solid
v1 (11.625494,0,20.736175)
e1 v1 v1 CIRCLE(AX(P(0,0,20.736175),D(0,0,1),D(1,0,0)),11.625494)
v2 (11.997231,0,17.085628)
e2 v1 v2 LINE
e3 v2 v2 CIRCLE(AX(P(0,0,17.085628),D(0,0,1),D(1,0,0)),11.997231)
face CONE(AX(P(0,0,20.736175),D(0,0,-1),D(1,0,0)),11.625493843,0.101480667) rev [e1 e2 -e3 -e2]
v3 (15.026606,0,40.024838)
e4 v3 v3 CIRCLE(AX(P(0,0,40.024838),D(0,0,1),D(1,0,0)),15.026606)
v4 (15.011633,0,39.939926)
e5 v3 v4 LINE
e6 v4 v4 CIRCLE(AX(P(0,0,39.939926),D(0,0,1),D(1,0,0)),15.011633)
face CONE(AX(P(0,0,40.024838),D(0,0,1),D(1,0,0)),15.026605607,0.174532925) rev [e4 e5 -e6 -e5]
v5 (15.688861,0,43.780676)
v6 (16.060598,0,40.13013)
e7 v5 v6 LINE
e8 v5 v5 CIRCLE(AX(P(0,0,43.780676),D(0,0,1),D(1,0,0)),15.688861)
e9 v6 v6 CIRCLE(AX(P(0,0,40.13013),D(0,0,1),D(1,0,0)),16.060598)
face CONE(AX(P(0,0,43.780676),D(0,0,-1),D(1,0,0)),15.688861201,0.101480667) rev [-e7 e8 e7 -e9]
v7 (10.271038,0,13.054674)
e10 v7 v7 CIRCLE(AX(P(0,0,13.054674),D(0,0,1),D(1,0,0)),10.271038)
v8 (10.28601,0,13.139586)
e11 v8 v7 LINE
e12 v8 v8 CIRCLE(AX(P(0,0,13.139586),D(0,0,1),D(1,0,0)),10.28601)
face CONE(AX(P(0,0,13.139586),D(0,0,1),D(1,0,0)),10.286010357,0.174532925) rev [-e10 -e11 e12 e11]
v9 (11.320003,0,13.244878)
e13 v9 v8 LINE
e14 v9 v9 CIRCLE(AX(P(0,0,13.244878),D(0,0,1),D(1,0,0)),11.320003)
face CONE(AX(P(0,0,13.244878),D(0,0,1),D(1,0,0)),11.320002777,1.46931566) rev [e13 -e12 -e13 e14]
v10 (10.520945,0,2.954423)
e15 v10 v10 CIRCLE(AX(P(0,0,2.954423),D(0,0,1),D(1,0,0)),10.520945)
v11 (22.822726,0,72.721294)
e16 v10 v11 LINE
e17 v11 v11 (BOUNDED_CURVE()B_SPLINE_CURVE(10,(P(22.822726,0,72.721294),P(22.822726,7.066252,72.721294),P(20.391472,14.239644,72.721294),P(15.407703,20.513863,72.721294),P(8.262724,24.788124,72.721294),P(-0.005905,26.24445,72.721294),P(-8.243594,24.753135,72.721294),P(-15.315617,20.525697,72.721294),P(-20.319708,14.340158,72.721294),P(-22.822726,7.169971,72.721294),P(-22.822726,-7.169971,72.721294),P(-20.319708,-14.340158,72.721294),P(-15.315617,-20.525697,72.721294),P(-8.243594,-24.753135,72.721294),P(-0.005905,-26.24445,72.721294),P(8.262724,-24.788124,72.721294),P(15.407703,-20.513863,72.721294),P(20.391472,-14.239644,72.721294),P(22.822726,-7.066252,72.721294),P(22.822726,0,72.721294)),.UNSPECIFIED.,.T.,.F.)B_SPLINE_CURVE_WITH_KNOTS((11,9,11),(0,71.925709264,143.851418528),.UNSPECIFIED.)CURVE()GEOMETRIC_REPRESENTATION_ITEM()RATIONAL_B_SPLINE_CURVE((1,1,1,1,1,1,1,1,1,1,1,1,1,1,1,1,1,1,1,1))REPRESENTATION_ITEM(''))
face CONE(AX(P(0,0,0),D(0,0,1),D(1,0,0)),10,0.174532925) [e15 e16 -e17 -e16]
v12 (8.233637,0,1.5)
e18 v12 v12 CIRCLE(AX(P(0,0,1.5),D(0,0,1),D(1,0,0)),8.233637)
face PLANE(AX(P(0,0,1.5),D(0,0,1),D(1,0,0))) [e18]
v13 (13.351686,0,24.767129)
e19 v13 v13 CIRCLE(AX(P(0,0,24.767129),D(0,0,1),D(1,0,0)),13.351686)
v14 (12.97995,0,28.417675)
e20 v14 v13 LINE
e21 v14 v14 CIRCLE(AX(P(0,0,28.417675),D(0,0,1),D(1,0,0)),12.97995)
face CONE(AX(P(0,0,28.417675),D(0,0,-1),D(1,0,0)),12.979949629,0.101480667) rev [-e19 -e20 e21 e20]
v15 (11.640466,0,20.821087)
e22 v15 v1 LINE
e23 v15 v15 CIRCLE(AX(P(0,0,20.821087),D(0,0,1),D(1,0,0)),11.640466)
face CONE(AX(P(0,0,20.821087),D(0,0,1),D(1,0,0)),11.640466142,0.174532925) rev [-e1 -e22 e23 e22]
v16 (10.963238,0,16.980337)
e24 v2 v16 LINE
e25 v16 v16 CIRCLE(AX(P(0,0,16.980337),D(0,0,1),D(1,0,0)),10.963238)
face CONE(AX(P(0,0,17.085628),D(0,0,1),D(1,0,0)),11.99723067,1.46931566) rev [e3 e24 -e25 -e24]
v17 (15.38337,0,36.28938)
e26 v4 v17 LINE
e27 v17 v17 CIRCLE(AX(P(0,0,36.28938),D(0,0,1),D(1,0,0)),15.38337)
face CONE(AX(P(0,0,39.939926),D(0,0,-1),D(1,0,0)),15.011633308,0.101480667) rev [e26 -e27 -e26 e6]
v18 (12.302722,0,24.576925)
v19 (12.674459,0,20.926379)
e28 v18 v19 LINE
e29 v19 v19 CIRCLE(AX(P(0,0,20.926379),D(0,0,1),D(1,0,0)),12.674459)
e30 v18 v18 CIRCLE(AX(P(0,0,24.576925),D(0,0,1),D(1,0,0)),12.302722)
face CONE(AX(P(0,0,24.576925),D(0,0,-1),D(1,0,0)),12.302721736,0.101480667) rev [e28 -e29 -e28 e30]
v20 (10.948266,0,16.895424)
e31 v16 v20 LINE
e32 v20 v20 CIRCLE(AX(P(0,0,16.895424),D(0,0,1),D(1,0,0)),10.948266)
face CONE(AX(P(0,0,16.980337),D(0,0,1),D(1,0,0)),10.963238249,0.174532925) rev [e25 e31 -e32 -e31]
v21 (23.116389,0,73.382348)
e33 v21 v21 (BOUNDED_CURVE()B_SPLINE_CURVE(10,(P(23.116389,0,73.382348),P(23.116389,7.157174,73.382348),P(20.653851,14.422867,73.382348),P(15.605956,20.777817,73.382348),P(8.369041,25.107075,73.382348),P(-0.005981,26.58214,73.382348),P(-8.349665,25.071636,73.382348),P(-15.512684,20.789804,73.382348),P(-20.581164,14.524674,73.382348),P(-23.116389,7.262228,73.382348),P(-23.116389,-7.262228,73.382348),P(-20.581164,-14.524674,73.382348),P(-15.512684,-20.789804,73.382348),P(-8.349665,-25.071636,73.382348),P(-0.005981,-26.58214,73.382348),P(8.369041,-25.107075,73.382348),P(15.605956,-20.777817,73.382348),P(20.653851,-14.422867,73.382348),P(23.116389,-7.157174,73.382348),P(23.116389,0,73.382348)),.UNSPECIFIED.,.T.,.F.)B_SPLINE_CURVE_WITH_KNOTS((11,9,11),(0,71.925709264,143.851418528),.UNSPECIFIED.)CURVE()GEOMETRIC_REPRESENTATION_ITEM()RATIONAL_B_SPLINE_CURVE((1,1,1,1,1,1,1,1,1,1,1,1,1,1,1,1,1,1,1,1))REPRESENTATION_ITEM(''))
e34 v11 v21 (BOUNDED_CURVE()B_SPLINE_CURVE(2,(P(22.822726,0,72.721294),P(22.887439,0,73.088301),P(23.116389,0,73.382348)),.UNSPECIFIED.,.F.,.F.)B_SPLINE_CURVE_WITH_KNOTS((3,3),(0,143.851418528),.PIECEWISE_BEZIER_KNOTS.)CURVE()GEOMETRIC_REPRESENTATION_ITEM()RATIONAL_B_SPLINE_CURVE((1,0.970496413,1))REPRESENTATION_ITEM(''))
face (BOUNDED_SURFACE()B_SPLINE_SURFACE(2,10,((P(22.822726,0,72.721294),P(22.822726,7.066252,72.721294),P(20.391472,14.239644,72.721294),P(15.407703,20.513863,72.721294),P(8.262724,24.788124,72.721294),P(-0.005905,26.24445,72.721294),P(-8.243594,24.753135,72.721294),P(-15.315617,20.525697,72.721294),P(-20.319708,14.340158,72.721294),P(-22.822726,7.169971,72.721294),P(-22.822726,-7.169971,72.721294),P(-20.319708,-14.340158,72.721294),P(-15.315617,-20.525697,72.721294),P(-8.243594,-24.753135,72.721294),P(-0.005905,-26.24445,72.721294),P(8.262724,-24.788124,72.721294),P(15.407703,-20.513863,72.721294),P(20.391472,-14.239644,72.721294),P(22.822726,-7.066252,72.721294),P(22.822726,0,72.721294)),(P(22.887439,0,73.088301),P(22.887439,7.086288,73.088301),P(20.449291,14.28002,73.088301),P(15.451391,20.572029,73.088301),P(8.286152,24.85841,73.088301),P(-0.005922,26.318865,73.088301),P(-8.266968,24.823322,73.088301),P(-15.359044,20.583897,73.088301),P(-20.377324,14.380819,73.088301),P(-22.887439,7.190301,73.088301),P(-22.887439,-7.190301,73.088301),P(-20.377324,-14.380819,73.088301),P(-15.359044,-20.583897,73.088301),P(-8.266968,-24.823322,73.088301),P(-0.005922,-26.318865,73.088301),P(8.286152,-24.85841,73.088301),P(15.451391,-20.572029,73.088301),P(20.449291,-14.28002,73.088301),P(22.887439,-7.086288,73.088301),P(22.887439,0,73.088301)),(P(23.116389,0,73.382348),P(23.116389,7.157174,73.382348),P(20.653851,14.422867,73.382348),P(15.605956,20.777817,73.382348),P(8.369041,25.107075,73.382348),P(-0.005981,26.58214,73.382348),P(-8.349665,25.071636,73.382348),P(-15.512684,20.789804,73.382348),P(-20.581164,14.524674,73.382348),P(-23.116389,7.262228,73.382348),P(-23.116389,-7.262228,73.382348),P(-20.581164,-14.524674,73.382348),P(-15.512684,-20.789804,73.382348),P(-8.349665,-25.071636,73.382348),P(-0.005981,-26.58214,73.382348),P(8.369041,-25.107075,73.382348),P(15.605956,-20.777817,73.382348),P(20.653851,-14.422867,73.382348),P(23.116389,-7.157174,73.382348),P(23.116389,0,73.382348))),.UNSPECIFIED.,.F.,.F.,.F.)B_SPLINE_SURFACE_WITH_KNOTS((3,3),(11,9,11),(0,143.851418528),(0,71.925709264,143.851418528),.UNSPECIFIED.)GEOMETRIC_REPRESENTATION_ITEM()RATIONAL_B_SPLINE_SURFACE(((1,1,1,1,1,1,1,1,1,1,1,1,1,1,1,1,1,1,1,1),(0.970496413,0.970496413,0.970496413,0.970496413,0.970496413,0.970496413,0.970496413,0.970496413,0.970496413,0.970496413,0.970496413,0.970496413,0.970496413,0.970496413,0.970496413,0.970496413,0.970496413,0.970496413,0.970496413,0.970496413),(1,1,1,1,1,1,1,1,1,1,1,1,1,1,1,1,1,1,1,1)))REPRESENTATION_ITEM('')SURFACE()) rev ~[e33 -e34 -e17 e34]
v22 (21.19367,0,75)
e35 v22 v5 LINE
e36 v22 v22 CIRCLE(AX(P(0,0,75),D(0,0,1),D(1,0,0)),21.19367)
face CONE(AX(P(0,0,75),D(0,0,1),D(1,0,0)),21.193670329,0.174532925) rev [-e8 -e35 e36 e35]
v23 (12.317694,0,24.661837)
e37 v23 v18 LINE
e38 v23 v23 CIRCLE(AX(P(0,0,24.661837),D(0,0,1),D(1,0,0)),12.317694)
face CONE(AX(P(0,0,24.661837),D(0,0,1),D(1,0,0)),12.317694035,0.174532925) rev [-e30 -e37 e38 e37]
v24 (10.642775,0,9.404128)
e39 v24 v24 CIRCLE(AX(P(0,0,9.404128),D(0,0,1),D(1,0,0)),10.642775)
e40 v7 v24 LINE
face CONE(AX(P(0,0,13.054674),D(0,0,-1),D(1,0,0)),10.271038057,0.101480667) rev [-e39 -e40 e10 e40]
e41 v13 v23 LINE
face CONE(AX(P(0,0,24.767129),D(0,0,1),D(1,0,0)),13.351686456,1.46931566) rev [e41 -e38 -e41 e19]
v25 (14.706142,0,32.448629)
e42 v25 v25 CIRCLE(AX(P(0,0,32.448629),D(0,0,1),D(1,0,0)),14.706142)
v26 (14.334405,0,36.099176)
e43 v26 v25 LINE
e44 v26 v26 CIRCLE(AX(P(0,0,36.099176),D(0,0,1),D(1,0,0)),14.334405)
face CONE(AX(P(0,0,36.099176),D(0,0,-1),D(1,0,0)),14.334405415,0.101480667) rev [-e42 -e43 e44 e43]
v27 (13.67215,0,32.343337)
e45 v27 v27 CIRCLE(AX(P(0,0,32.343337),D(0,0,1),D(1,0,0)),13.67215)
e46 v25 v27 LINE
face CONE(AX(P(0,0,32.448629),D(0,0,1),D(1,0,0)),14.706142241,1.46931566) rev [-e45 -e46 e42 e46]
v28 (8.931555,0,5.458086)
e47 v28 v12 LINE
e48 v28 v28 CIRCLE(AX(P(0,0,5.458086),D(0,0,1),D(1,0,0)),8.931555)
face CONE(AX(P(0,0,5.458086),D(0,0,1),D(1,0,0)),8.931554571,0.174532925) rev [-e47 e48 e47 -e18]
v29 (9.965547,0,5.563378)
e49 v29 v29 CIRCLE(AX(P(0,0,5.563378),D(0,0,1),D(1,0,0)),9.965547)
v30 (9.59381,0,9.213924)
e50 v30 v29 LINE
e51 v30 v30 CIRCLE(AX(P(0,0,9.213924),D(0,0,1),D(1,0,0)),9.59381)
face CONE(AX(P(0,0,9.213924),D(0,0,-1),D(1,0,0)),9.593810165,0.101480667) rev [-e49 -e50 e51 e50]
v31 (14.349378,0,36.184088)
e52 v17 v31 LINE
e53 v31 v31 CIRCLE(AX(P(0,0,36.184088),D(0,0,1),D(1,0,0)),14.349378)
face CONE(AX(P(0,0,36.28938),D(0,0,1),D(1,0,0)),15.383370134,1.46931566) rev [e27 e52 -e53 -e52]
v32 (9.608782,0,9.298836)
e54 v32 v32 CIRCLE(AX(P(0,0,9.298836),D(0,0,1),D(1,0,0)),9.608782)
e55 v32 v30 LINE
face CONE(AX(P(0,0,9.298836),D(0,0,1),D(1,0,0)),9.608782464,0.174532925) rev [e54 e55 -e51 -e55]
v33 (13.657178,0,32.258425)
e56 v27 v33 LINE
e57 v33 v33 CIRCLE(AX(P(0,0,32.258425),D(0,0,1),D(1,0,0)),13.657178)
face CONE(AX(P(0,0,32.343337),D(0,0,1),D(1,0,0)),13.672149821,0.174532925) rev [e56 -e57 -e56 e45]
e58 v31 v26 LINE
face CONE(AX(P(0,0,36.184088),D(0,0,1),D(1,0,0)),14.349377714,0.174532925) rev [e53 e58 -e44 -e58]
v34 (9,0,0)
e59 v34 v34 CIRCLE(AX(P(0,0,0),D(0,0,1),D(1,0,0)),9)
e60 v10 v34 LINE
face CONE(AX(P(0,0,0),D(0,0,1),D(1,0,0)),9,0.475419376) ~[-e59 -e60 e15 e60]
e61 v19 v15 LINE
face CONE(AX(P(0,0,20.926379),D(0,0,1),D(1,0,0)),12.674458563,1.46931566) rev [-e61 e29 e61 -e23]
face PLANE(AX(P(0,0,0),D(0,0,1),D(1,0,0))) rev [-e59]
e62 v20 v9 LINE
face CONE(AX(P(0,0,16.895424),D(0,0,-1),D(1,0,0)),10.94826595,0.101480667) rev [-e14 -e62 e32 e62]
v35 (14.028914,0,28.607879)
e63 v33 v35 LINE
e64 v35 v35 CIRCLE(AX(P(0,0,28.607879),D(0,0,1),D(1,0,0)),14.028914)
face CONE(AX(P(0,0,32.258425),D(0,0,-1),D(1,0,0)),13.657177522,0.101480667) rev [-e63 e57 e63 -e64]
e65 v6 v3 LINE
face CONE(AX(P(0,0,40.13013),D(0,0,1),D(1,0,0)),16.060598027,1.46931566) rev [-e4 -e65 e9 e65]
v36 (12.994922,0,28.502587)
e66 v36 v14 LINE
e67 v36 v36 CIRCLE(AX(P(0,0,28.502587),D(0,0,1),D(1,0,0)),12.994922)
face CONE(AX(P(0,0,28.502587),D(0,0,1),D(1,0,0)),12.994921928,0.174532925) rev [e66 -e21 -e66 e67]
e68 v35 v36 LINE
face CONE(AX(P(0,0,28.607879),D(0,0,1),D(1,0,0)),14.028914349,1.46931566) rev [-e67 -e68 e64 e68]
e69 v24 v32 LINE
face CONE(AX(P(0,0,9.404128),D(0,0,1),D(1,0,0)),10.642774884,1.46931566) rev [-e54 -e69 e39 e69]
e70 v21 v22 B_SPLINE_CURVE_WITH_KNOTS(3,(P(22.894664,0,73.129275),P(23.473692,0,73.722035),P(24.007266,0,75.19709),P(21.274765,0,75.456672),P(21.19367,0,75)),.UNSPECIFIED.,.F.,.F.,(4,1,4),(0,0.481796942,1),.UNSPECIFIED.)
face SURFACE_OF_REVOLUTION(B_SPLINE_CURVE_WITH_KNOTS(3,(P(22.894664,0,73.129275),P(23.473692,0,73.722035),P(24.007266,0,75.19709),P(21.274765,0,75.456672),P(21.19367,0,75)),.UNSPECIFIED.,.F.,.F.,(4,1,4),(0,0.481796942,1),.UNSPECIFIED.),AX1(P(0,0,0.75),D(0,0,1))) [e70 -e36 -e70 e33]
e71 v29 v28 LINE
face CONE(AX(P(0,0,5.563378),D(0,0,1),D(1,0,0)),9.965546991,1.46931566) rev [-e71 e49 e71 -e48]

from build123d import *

# Parameters (mm, degrees)
F2_R     = 1.5
F3_SIZE2 = 1
F3_SIZE  = 3


with BuildPart() as f1:
    # F0 (on Front) → F1 (revolve)
    with BuildSketch(Plane.XZ):
        with BuildLine():
            Line((0, 1.5), (0, 0))
            Line((0, 0), (10, 0))
            Line((10, 0), (22.8946643295, 73.1292753821))
            add(Edge.make_bspline(
                [(22.8946643295, 73.1292753821), (23.4736918238, 73.7220347871), (24.0072659518, 75.197090136), (21.2747648965, 75.4566722253), (21.1936703294, 75)],
                knots=[0, 0, 0, 0, 0.4817969424, 1, 1, 1, 1], degree=3))
            Line((21.1936703294, 75), (15.6888612006, 43.7806760675))
            Line((15.6888612006, 43.7806760675), (16.0605980272, 40.1301298908))
            Line((16.0605980272, 40.1301298908), (15.0266056068, 40.0248379584))
            Line((15.0266056068, 40.0248379584), (15.0116333077, 39.9399258308))
            Line((15.0116333077, 39.9399258308), (15.3833701343, 36.289379654))
            Line((15.3833701343, 36.289379654), (14.3493777139, 36.1840877217))
            Line((14.3493777139, 36.1840877217), (14.3344054148, 36.099175594))
            Line((14.3344054148, 36.099175594), (14.7061422414, 32.4486294173))
            Line((14.7061422414, 32.4486294173), (13.672149821, 32.3433374849))
            Line((13.672149821, 32.3433374849), (13.6571775219, 32.2584253573))
            Line((13.6571775219, 32.2584253573), (14.0289143485, 28.6078791805))
            Line((14.0289143485, 28.6078791805), (12.9949219281, 28.5025872482))
            Line((12.9949219281, 28.5025872482), (12.979949629, 28.4176751206))
            Line((12.979949629, 28.4176751206), (13.3516864556, 24.7671289438))
            Line((13.3516864556, 24.7671289438), (12.3176940352, 24.6618370114))
            Line((12.3176940352, 24.6618370114), (12.3027217361, 24.5769248838))
            Line((12.3027217361, 24.5769248838), (12.6744585627, 20.926378707))
            Line((12.6744585627, 20.926378707), (11.6404661423, 20.8210867747))
            Line((11.6404661423, 20.8210867747), (11.6254938432, 20.7361746471))
            Line((11.6254938432, 20.7361746471), (11.9972306698, 17.0856284703))
            Line((11.9972306698, 17.0856284703), (10.9632382494, 16.9803365379))
            Line((10.9632382494, 16.9803365379), (10.9482659503, 16.8954244103))
            Line((10.9482659503, 16.8954244103), (11.3200027769, 13.2448782335))
            Line((11.3200027769, 13.2448782335), (10.2860103565, 13.1395863012))
            Line((10.2860103565, 13.1395863012), (10.2710380574, 13.0546741736))
            Line((10.2710380574, 13.0546741736), (10.642774884, 9.4041279968))
            Line((10.642774884, 9.4041279968), (9.6087824636, 9.2988360644))
            Line((9.6087824636, 9.2988360644), (9.5938101645, 9.2139239368))
            Line((9.5938101645, 9.2139239368), (9.9655469911, 5.56337776))
            Line((9.9655469911, 5.56337776), (8.9315545707, 5.4580858277))
            Line((8.9315545707, 5.4580858277), (8.2336372473, 1.5))
            Line((8.2336372473, 1.5), (0, 1.5))
        make_face()
    revolve(axis=Axis((0, 0, 0.75), (0, 0, 1)))

    # F2
    f2_edges = [f1.edges().sort_by_distance(p)[0] for p in [
        (-22.894664, 0, 73.129275),
    ]]
    fillet(f2_edges, radius=F2_R)

    # F3
    f3_edges = [f1.edges().sort_by_distance(p)[0] for p in [
        (-10, 0, 0),
    ]]
    f3_side = f1.faces().sort_by_distance((-16.411363, 0, 36.360647))[0]
    chamfer(f3_edges, length=F3_SIZE, length2=F3_SIZE2, reference=f3_side)


solid = f1.part
